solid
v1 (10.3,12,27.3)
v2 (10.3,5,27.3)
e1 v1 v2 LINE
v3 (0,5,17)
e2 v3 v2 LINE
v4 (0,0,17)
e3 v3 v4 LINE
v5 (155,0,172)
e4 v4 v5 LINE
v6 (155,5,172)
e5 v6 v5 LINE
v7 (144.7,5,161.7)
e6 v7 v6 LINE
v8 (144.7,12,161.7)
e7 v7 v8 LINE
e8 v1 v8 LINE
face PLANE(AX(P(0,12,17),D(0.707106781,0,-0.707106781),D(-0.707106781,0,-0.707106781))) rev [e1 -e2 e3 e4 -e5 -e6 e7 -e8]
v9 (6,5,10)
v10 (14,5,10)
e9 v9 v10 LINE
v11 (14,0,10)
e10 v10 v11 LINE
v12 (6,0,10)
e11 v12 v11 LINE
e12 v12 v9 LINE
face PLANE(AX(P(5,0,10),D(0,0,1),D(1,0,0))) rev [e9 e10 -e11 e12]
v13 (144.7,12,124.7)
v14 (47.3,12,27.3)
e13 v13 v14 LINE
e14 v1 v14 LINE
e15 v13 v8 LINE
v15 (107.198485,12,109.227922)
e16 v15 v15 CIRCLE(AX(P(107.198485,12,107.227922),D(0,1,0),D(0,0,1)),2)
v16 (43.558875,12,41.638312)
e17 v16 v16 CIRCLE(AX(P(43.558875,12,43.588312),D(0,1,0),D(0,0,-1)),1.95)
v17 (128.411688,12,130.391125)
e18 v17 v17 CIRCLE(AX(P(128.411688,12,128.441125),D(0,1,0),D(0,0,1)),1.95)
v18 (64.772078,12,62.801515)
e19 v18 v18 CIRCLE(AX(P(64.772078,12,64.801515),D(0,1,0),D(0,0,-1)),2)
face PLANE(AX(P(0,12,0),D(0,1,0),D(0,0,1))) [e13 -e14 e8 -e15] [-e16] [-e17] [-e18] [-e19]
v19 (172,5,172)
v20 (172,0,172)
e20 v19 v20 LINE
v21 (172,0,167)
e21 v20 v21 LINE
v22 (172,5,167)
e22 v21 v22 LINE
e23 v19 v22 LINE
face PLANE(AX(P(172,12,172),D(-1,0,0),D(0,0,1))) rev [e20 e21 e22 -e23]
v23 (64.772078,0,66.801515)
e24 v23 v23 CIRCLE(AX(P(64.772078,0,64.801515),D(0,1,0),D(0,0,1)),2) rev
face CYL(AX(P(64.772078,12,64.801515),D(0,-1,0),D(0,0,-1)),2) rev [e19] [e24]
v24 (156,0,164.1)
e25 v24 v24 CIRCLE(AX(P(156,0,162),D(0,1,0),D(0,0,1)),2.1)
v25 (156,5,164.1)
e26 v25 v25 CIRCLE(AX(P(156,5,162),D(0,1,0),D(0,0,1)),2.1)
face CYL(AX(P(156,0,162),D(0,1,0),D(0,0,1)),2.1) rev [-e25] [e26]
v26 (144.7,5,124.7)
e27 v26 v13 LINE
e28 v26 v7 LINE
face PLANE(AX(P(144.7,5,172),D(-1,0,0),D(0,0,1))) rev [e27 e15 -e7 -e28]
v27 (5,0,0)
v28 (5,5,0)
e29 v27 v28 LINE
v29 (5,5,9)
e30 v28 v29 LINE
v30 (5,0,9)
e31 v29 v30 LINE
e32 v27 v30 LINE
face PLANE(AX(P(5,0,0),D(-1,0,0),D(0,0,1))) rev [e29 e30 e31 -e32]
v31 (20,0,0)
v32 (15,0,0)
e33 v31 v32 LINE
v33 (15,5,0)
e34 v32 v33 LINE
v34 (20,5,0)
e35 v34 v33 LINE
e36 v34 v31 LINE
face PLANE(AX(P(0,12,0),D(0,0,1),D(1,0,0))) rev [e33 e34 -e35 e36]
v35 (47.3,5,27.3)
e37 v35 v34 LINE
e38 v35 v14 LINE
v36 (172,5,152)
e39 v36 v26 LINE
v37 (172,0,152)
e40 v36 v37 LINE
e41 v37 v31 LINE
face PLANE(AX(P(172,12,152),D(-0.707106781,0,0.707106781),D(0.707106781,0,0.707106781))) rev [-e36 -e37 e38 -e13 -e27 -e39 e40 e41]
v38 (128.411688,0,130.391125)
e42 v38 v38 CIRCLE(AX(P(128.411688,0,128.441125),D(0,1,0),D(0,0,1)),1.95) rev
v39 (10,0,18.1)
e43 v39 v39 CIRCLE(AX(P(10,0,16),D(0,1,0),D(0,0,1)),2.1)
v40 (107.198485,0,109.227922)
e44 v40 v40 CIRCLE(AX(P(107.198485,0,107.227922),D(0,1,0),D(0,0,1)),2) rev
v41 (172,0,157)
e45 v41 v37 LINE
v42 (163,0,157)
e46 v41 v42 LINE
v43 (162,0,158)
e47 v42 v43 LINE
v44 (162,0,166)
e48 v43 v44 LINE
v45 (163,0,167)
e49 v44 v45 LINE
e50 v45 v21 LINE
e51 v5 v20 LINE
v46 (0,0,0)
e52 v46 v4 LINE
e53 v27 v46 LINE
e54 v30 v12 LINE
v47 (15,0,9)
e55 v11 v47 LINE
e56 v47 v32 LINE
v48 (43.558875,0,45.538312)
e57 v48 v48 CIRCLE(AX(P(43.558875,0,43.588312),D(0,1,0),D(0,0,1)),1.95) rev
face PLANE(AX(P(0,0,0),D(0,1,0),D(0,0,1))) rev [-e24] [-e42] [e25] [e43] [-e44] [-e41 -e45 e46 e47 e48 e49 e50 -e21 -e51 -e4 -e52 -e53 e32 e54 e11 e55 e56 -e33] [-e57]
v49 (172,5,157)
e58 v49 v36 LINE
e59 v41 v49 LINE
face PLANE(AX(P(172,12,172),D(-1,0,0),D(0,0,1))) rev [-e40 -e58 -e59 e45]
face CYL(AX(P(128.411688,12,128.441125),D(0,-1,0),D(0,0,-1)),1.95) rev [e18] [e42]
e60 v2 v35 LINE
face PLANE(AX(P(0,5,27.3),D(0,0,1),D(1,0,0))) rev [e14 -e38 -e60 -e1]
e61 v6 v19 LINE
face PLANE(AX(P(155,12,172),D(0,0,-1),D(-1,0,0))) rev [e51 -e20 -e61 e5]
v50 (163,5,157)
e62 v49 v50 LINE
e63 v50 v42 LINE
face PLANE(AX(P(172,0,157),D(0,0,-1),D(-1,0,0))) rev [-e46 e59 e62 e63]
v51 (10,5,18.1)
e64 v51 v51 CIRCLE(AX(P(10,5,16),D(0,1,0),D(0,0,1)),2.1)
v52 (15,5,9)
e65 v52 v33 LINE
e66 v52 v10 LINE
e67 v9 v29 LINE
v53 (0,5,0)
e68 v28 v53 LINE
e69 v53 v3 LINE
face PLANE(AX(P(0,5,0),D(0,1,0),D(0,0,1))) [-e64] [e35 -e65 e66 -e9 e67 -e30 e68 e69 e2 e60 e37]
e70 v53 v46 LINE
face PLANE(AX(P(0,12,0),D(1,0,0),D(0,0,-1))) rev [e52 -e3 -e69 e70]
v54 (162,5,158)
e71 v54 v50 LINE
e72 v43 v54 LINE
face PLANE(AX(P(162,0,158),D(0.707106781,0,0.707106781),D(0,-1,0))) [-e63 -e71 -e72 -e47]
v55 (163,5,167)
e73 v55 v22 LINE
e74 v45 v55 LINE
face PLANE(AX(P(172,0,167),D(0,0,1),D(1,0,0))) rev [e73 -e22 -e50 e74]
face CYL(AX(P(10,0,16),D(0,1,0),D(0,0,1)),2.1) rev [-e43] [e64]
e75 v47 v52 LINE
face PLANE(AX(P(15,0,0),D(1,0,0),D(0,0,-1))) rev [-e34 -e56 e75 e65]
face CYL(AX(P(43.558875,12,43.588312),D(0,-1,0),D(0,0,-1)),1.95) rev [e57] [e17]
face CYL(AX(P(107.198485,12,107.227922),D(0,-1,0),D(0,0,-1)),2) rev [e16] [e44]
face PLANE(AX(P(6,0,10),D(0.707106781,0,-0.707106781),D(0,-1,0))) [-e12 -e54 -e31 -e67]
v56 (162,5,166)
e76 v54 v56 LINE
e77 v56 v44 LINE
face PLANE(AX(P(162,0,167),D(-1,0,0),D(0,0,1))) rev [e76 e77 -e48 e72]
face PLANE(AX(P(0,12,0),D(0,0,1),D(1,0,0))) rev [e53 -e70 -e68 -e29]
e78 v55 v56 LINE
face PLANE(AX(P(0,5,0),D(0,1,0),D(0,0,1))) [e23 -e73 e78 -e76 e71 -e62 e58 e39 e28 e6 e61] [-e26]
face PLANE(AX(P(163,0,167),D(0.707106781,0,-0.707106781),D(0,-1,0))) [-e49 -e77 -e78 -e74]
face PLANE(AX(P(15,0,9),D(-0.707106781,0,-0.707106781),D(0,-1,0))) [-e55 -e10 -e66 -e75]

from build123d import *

# Parameters (mm, degrees)
MAIN_BASE_EXTRUDE_DEPTH       = 12
SKETCH3_W                     = 47.3
SKETCH3_H                     = 27.3
SKETCH3_W_2                   = 27.3
SKETCH3_H_2                   = 47.3
TRACK_SEAT_CUT_DEPTH          = 7
SKETCH2_R                     = 2.1
TRACK_CONNECT_HOLES_DEPTH     = 244.540551038
WALL_SPACED_HOLES_DEPTH       = 244.540551038
WALL_SPACED_HOLES_DEPTH_BACK  = 244.540551038
SKETCH5_R                     = 1.95
SKETCH5_R_2                   = 2
SKETCH9_W                     = 10
SKETCH9_H                     = 10
WIRE_PASSTHROUGH_CUT_DEPTH    = 244.345433489
WIRE_PASSTHROUGH_CHAMFER_SIZE = 1


with BuildPart() as part:
    # Sketch1 → Main Base Extrude (new body)
    with BuildSketch(Plane(origin=(0, 0, 0), x_dir=(1, 0, 0), z_dir=(0, 1, 0))):
        Polygon((0, 0), (20, 0), (172, -152), (172, -172), (155, -172), (0, -17), align=None)
    extrude(amount=MAIN_BASE_EXTRUDE_DEPTH)

    # Sketch3 → Track Seat Cut (cut)
    with BuildSketch(Plane(origin=(0, 12, 0), x_dir=(1, 0, 0), z_dir=(0, 1, 0))):
        with Locations((23.65, -13.65)):
            Rectangle(SKETCH3_W, SKETCH3_H)
        with Locations((158.35, -148.35)):
            Rectangle(SKETCH3_W_2, SKETCH3_H_2)
    extrude(amount=-TRACK_SEAT_CUT_DEPTH, mode=Mode.SUBTRACT)

    # Sketch2 → Track Connect Holes (cut, through all)
    with BuildSketch(Plane(origin=(0, 12, 0), x_dir=(1, 0, 0), z_dir=(0, 1, 0))):
        with Locations(Location((10, -16, 0), (0, 0, 270))):
            Circle(SKETCH2_R)
        with Locations(Location((156, -162, 0), (0, 0, 270))):
            Circle(SKETCH2_R)
    extrude(amount=-TRACK_CONNECT_HOLES_DEPTH, mode=Mode.SUBTRACT)

    # Sketch5 → Wall Spaced Holes (cut, two sides: drawn at the far end of the back side and taken through both)
    with BuildSketch(Plane(origin=(0, 0, 0), x_dir=(1, 0, 0), z_dir=(0, 1, 0)).offset(-WALL_SPACED_HOLES_DEPTH_BACK)):
        with Locations(Location((128.411688245, -128.441125497, 0), (0, 0, 270))):
            Circle(SKETCH5_R)
        with Locations(Location((107.19848481, -107.227922061, 0), (0, 0, 270))):
            Circle(SKETCH5_R_2)
        with Locations(Location((43.558874503, -43.588311755, 0), (0, 0, 90))):
            Circle(SKETCH5_R)
        with Locations(Location((64.772077939, -64.80151519, 0), (0, 0, 90))):
            Circle(SKETCH5_R_2)
    extrude(amount=WALL_SPACED_HOLES_DEPTH + WALL_SPACED_HOLES_DEPTH_BACK, mode=Mode.SUBTRACT)

    # Sketch9 → Wire Passthrough Cut (cut, through all)
    with BuildSketch(Plane(origin=(0, 5, 0), x_dir=(1, 0, 0), z_dir=(0, 1, 0))):
        with Locations((10, -5)):
            Rectangle(SKETCH9_W, SKETCH9_H)
        with Locations((167, -162)):
            Rectangle(SKETCH9_W, SKETCH9_H)
    extrude(amount=-WIRE_PASSTHROUGH_CUT_DEPTH, mode=Mode.SUBTRACT)

    # Wire Passthrough Chamfer
    wire_passthrough_chamfer_edges = [part.edges().sort_by_distance(p)[0] for p in [
        (5, 2.5, 10),
        (15, 2.5, 10),
        (162, 2.5, 167),
        (162, 2.5, 157),
    ]]
    chamfer(wire_passthrough_chamfer_edges, length=WIRE_PASSTHROUGH_CHAMFER_SIZE)


solid = part.part
